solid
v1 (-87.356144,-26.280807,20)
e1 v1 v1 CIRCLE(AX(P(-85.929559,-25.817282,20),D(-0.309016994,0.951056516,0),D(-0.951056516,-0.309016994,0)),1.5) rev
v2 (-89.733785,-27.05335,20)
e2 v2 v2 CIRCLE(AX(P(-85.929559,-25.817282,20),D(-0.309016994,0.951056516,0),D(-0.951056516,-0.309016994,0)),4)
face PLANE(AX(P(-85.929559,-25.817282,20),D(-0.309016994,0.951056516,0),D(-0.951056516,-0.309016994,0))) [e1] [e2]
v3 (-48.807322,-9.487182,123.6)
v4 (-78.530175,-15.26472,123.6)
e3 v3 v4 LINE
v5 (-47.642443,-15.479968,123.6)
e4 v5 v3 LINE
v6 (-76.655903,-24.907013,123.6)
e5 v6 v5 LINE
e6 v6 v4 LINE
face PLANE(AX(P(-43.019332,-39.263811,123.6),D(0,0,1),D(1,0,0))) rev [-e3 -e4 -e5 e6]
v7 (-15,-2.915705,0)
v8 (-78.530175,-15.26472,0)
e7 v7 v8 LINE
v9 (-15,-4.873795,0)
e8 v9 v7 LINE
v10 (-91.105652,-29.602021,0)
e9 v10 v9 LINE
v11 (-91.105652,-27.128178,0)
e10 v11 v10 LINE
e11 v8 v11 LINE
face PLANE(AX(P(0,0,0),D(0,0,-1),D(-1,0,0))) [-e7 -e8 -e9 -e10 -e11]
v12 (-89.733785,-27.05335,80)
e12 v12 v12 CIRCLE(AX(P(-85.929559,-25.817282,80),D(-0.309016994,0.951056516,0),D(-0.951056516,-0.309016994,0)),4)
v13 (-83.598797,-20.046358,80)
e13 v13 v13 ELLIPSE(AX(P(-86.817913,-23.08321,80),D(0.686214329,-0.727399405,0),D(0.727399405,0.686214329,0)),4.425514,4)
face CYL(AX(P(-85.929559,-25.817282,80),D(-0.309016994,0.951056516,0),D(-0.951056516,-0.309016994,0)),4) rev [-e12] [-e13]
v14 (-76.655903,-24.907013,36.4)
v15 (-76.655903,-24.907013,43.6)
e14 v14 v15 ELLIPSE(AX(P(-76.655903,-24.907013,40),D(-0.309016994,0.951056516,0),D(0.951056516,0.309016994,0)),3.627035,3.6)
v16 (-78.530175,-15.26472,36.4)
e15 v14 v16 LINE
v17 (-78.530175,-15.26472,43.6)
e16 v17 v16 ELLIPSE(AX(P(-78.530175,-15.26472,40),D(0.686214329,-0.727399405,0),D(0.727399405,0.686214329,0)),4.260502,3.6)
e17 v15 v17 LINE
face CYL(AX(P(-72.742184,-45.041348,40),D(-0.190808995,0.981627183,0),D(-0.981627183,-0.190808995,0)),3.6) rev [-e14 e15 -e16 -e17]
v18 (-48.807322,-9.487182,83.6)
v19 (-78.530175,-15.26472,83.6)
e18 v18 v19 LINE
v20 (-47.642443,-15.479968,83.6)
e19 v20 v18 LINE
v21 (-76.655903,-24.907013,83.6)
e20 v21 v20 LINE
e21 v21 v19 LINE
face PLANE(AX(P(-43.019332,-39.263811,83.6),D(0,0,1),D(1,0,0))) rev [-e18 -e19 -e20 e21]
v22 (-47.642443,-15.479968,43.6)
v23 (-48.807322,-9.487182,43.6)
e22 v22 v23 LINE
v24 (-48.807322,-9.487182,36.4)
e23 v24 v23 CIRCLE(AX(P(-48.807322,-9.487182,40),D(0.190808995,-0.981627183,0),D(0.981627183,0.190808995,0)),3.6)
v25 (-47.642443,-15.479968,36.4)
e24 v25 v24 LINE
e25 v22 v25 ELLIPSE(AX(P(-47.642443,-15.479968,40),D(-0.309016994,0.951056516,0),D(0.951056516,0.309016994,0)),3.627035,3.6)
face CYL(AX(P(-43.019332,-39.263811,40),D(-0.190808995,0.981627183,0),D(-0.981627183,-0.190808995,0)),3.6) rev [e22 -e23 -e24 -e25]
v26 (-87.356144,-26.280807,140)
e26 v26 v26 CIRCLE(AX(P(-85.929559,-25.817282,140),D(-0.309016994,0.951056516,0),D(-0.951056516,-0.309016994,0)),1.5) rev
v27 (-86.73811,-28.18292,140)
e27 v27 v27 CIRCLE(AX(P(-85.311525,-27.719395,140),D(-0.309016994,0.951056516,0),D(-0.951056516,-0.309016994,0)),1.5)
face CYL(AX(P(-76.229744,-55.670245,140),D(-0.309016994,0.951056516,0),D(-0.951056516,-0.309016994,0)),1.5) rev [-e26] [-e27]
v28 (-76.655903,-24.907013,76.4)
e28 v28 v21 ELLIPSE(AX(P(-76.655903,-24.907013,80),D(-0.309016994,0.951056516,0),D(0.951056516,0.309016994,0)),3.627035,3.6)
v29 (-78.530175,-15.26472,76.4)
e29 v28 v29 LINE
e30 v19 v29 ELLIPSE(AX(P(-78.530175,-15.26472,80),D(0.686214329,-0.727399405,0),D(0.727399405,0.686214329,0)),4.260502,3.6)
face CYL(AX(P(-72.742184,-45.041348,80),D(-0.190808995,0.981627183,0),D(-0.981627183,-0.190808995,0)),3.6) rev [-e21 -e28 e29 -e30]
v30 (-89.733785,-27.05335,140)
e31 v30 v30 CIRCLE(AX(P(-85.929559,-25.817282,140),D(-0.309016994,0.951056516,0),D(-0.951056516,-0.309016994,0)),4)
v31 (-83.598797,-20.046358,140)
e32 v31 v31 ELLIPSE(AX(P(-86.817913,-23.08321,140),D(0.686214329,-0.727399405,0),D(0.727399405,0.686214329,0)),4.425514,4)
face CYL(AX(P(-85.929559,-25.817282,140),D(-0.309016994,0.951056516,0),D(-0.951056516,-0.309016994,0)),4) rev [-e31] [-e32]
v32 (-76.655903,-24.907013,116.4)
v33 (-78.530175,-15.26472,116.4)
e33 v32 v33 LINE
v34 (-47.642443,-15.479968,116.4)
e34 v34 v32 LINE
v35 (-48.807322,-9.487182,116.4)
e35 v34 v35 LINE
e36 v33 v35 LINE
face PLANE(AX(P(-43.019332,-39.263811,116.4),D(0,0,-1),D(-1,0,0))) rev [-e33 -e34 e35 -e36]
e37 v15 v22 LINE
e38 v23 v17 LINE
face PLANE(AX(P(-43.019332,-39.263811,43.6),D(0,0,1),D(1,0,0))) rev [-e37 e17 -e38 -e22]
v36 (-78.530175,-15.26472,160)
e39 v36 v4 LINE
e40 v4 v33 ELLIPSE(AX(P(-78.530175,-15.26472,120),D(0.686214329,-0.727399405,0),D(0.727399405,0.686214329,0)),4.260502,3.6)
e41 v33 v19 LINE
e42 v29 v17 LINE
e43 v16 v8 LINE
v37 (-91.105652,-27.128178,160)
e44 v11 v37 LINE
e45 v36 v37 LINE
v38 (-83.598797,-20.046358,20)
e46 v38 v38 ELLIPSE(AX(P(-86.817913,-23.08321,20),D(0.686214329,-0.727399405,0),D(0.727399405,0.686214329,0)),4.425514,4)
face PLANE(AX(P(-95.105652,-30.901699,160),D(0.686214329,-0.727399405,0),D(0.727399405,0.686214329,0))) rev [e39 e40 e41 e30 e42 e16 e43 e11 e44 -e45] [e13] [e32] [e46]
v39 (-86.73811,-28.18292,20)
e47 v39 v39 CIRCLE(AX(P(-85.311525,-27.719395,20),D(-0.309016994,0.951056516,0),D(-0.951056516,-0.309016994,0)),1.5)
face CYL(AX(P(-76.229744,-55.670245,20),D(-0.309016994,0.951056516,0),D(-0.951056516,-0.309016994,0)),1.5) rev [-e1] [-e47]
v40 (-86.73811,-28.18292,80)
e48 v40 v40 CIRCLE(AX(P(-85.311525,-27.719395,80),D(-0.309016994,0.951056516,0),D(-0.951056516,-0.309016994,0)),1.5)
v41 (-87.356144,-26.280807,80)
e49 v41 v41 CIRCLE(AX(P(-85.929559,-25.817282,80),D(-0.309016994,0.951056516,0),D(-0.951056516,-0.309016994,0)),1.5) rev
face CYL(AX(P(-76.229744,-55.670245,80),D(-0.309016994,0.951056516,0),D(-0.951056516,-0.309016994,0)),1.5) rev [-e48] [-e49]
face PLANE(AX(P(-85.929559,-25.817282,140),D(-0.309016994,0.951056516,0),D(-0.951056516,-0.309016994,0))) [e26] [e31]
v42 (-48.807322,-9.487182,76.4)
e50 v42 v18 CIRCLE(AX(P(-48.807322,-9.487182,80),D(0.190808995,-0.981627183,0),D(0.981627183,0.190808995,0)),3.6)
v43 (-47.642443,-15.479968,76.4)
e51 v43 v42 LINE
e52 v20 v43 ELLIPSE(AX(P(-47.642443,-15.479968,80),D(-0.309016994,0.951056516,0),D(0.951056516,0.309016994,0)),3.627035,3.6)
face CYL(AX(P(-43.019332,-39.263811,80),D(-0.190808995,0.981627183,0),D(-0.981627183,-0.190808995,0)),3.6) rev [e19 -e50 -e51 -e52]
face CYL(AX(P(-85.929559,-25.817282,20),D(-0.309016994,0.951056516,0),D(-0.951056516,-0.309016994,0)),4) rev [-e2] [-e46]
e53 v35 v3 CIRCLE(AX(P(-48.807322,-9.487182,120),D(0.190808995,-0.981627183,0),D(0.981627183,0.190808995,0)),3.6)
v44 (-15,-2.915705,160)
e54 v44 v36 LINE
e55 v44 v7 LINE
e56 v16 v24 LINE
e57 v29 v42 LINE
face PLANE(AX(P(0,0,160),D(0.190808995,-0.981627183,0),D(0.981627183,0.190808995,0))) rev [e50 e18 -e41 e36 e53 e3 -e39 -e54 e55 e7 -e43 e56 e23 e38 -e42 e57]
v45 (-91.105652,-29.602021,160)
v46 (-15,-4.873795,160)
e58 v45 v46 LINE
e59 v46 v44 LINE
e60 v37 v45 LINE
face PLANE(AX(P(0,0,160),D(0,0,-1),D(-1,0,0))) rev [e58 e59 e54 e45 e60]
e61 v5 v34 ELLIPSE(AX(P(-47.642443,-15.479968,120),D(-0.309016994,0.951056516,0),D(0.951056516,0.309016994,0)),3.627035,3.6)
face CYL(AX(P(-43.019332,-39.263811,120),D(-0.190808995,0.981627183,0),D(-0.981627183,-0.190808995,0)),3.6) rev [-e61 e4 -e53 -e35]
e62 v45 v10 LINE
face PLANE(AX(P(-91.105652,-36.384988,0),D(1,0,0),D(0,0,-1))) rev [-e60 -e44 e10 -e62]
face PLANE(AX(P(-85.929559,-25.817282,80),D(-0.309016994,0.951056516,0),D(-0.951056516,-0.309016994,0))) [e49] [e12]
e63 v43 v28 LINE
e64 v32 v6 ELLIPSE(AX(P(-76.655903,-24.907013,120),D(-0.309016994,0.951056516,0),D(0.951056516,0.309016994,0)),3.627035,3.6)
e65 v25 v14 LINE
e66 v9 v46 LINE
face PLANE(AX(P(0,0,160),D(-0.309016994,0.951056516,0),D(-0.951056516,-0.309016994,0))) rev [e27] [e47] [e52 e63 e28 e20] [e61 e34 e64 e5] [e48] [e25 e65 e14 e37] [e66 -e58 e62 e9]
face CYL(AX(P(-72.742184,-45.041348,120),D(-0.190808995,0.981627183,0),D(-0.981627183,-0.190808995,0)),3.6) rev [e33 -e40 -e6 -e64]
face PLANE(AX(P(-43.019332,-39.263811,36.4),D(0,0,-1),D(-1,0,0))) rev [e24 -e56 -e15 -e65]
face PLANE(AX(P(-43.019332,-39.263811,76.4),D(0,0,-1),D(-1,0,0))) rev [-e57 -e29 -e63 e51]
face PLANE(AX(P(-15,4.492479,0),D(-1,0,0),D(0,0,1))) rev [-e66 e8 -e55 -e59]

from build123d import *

# Parameters (mm, degrees)
BOSS_EXTRUDE1_DEPTH     = 160
SKETCH3_R               = 1.5
CUT_EXTRUDE1_DEPTH      = 40.389262615
SKETCH4_R               = 4
CUT_EXTRUDE2_DEPTH      = 8
CUT_EXTRUDE3_DEPTH      = 19.147013842
CUT_EXTRUDE3_DEPTH_BACK = 31.333948183
SKETCH6_W               = 4
SKETCH6_H               = 14.600219614
CUT_EXTRUDE4_DEPTH      = 1
CUT_EXTRUDE4_DEPTH_BACK = 161


with BuildPart() as part:
    # Sketch1 → Boss-Extrude1 (new body)
    with BuildSketch(Plane.XY):
        Polygon((0, 0), (-78.530174676, -15.26471963), (-95.10565163, -30.901699437), align=None)
    extrude(amount=BOSS_EXTRUDE1_DEPTH)

    # Sketch3 → Cut-Extrude1 (cut, through all)
    with BuildSketch(Plane(origin=(-3.090169944, 9.510565163, 0), x_dir=(0.951056516, 0.309016994, 0), z_dir=(-0.309016994, 0.951056516, 0))):
        with Locations((-89.701846066, -20)):
            Circle(SKETCH3_R)
        with Locations((-89.701846066, -80)):
            Circle(SKETCH3_R)
        with Locations((-89.701846066, -140)):
            Circle(SKETCH3_R)
    extrude(amount=-CUT_EXTRUDE1_DEPTH, mode=Mode.SUBTRACT)

    # Sketch4 → Cut-Extrude2 (cut)
    with BuildSketch(Plane(origin=(-3.090169944, 9.510565163, 0), x_dir=(0.951056516, 0.309016994, 0), z_dir=(-0.309016994, 0.951056516, 0))):
        with Locations((-89.701846066, -20)):
            Circle(SKETCH4_R)
        with Locations((-89.701846066, -80)):
            Circle(SKETCH4_R)
        with Locations((-89.701846066, -140)):
            Circle(SKETCH4_R)
    extrude(amount=-CUT_EXTRUDE2_DEPTH, mode=Mode.SUBTRACT)

    # Sketch5 → Cut-Extrude3 (cut, two sides)
    with BuildSketch(Plane(origin=(-0.600388906, -0.116703781, 0), x_dir=(0.981627183, 0.190808995, 0), z_dir=(-0.190808995, 0.981627183, 0))) as cut_extrude3_sk:
        with BuildLine():
            Line((-49.109208006, -123.6), (-79.388373798, -123.6))
            ThreePointArc((-79.388373798, -123.6), (-82.988373798, -120), (-79.388373798, -116.4))
            Line((-79.388373798, -116.4), (-49.109208006, -116.4))
            ThreePointArc((-49.109208006, -116.4), (-45.509208006, -120), (-49.109208006, -123.6))
        make_face()
        with BuildLine():
            Line((-49.109208006, -83.6), (-79.388373798, -83.6))
            ThreePointArc((-79.388373798, -83.6), (-82.988373798, -80), (-79.388373798, -76.4))
            Line((-79.388373798, -76.4), (-49.109208006, -76.4))
            ThreePointArc((-49.109208006, -76.4), (-45.509208006, -80), (-49.109208006, -83.6))
        make_face()
        with BuildLine():
            Line((-49.109208006, -43.6), (-79.388373798, -43.6))
            ThreePointArc((-79.388373798, -43.6), (-82.988373798, -40), (-79.388373798, -36.4))
            Line((-79.388373798, -36.4), (-49.109208006, -36.4))
            ThreePointArc((-49.109208006, -36.4), (-45.509208006, -40), (-49.109208006, -43.6))
        make_face()
    extrude(amount=CUT_EXTRUDE3_DEPTH, mode=Mode.SUBTRACT)
    extrude(cut_extrude3_sk.sketch, amount=-CUT_EXTRUDE3_DEPTH_BACK, mode=Mode.SUBTRACT)

    # Sketch6 → Cut-Extrude4 (cut, two sides)
    with BuildSketch(Plane.XY.offset(160)) as cut_extrude4_sk:
        Polygon((-15, 4.492478665), (-15, -6.969839796), (0, -6.969839796), (0, 6.969839796), align=None)
        with Locations((-93.10565163, -29.084878329)):
            Rectangle(SKETCH6_W, SKETCH6_H)
    extrude(amount=CUT_EXTRUDE4_DEPTH, mode=Mode.SUBTRACT)
    extrude(cut_extrude4_sk.sketch, amount=-CUT_EXTRUDE4_DEPTH_BACK, mode=Mode.SUBTRACT)


solid = part.part
